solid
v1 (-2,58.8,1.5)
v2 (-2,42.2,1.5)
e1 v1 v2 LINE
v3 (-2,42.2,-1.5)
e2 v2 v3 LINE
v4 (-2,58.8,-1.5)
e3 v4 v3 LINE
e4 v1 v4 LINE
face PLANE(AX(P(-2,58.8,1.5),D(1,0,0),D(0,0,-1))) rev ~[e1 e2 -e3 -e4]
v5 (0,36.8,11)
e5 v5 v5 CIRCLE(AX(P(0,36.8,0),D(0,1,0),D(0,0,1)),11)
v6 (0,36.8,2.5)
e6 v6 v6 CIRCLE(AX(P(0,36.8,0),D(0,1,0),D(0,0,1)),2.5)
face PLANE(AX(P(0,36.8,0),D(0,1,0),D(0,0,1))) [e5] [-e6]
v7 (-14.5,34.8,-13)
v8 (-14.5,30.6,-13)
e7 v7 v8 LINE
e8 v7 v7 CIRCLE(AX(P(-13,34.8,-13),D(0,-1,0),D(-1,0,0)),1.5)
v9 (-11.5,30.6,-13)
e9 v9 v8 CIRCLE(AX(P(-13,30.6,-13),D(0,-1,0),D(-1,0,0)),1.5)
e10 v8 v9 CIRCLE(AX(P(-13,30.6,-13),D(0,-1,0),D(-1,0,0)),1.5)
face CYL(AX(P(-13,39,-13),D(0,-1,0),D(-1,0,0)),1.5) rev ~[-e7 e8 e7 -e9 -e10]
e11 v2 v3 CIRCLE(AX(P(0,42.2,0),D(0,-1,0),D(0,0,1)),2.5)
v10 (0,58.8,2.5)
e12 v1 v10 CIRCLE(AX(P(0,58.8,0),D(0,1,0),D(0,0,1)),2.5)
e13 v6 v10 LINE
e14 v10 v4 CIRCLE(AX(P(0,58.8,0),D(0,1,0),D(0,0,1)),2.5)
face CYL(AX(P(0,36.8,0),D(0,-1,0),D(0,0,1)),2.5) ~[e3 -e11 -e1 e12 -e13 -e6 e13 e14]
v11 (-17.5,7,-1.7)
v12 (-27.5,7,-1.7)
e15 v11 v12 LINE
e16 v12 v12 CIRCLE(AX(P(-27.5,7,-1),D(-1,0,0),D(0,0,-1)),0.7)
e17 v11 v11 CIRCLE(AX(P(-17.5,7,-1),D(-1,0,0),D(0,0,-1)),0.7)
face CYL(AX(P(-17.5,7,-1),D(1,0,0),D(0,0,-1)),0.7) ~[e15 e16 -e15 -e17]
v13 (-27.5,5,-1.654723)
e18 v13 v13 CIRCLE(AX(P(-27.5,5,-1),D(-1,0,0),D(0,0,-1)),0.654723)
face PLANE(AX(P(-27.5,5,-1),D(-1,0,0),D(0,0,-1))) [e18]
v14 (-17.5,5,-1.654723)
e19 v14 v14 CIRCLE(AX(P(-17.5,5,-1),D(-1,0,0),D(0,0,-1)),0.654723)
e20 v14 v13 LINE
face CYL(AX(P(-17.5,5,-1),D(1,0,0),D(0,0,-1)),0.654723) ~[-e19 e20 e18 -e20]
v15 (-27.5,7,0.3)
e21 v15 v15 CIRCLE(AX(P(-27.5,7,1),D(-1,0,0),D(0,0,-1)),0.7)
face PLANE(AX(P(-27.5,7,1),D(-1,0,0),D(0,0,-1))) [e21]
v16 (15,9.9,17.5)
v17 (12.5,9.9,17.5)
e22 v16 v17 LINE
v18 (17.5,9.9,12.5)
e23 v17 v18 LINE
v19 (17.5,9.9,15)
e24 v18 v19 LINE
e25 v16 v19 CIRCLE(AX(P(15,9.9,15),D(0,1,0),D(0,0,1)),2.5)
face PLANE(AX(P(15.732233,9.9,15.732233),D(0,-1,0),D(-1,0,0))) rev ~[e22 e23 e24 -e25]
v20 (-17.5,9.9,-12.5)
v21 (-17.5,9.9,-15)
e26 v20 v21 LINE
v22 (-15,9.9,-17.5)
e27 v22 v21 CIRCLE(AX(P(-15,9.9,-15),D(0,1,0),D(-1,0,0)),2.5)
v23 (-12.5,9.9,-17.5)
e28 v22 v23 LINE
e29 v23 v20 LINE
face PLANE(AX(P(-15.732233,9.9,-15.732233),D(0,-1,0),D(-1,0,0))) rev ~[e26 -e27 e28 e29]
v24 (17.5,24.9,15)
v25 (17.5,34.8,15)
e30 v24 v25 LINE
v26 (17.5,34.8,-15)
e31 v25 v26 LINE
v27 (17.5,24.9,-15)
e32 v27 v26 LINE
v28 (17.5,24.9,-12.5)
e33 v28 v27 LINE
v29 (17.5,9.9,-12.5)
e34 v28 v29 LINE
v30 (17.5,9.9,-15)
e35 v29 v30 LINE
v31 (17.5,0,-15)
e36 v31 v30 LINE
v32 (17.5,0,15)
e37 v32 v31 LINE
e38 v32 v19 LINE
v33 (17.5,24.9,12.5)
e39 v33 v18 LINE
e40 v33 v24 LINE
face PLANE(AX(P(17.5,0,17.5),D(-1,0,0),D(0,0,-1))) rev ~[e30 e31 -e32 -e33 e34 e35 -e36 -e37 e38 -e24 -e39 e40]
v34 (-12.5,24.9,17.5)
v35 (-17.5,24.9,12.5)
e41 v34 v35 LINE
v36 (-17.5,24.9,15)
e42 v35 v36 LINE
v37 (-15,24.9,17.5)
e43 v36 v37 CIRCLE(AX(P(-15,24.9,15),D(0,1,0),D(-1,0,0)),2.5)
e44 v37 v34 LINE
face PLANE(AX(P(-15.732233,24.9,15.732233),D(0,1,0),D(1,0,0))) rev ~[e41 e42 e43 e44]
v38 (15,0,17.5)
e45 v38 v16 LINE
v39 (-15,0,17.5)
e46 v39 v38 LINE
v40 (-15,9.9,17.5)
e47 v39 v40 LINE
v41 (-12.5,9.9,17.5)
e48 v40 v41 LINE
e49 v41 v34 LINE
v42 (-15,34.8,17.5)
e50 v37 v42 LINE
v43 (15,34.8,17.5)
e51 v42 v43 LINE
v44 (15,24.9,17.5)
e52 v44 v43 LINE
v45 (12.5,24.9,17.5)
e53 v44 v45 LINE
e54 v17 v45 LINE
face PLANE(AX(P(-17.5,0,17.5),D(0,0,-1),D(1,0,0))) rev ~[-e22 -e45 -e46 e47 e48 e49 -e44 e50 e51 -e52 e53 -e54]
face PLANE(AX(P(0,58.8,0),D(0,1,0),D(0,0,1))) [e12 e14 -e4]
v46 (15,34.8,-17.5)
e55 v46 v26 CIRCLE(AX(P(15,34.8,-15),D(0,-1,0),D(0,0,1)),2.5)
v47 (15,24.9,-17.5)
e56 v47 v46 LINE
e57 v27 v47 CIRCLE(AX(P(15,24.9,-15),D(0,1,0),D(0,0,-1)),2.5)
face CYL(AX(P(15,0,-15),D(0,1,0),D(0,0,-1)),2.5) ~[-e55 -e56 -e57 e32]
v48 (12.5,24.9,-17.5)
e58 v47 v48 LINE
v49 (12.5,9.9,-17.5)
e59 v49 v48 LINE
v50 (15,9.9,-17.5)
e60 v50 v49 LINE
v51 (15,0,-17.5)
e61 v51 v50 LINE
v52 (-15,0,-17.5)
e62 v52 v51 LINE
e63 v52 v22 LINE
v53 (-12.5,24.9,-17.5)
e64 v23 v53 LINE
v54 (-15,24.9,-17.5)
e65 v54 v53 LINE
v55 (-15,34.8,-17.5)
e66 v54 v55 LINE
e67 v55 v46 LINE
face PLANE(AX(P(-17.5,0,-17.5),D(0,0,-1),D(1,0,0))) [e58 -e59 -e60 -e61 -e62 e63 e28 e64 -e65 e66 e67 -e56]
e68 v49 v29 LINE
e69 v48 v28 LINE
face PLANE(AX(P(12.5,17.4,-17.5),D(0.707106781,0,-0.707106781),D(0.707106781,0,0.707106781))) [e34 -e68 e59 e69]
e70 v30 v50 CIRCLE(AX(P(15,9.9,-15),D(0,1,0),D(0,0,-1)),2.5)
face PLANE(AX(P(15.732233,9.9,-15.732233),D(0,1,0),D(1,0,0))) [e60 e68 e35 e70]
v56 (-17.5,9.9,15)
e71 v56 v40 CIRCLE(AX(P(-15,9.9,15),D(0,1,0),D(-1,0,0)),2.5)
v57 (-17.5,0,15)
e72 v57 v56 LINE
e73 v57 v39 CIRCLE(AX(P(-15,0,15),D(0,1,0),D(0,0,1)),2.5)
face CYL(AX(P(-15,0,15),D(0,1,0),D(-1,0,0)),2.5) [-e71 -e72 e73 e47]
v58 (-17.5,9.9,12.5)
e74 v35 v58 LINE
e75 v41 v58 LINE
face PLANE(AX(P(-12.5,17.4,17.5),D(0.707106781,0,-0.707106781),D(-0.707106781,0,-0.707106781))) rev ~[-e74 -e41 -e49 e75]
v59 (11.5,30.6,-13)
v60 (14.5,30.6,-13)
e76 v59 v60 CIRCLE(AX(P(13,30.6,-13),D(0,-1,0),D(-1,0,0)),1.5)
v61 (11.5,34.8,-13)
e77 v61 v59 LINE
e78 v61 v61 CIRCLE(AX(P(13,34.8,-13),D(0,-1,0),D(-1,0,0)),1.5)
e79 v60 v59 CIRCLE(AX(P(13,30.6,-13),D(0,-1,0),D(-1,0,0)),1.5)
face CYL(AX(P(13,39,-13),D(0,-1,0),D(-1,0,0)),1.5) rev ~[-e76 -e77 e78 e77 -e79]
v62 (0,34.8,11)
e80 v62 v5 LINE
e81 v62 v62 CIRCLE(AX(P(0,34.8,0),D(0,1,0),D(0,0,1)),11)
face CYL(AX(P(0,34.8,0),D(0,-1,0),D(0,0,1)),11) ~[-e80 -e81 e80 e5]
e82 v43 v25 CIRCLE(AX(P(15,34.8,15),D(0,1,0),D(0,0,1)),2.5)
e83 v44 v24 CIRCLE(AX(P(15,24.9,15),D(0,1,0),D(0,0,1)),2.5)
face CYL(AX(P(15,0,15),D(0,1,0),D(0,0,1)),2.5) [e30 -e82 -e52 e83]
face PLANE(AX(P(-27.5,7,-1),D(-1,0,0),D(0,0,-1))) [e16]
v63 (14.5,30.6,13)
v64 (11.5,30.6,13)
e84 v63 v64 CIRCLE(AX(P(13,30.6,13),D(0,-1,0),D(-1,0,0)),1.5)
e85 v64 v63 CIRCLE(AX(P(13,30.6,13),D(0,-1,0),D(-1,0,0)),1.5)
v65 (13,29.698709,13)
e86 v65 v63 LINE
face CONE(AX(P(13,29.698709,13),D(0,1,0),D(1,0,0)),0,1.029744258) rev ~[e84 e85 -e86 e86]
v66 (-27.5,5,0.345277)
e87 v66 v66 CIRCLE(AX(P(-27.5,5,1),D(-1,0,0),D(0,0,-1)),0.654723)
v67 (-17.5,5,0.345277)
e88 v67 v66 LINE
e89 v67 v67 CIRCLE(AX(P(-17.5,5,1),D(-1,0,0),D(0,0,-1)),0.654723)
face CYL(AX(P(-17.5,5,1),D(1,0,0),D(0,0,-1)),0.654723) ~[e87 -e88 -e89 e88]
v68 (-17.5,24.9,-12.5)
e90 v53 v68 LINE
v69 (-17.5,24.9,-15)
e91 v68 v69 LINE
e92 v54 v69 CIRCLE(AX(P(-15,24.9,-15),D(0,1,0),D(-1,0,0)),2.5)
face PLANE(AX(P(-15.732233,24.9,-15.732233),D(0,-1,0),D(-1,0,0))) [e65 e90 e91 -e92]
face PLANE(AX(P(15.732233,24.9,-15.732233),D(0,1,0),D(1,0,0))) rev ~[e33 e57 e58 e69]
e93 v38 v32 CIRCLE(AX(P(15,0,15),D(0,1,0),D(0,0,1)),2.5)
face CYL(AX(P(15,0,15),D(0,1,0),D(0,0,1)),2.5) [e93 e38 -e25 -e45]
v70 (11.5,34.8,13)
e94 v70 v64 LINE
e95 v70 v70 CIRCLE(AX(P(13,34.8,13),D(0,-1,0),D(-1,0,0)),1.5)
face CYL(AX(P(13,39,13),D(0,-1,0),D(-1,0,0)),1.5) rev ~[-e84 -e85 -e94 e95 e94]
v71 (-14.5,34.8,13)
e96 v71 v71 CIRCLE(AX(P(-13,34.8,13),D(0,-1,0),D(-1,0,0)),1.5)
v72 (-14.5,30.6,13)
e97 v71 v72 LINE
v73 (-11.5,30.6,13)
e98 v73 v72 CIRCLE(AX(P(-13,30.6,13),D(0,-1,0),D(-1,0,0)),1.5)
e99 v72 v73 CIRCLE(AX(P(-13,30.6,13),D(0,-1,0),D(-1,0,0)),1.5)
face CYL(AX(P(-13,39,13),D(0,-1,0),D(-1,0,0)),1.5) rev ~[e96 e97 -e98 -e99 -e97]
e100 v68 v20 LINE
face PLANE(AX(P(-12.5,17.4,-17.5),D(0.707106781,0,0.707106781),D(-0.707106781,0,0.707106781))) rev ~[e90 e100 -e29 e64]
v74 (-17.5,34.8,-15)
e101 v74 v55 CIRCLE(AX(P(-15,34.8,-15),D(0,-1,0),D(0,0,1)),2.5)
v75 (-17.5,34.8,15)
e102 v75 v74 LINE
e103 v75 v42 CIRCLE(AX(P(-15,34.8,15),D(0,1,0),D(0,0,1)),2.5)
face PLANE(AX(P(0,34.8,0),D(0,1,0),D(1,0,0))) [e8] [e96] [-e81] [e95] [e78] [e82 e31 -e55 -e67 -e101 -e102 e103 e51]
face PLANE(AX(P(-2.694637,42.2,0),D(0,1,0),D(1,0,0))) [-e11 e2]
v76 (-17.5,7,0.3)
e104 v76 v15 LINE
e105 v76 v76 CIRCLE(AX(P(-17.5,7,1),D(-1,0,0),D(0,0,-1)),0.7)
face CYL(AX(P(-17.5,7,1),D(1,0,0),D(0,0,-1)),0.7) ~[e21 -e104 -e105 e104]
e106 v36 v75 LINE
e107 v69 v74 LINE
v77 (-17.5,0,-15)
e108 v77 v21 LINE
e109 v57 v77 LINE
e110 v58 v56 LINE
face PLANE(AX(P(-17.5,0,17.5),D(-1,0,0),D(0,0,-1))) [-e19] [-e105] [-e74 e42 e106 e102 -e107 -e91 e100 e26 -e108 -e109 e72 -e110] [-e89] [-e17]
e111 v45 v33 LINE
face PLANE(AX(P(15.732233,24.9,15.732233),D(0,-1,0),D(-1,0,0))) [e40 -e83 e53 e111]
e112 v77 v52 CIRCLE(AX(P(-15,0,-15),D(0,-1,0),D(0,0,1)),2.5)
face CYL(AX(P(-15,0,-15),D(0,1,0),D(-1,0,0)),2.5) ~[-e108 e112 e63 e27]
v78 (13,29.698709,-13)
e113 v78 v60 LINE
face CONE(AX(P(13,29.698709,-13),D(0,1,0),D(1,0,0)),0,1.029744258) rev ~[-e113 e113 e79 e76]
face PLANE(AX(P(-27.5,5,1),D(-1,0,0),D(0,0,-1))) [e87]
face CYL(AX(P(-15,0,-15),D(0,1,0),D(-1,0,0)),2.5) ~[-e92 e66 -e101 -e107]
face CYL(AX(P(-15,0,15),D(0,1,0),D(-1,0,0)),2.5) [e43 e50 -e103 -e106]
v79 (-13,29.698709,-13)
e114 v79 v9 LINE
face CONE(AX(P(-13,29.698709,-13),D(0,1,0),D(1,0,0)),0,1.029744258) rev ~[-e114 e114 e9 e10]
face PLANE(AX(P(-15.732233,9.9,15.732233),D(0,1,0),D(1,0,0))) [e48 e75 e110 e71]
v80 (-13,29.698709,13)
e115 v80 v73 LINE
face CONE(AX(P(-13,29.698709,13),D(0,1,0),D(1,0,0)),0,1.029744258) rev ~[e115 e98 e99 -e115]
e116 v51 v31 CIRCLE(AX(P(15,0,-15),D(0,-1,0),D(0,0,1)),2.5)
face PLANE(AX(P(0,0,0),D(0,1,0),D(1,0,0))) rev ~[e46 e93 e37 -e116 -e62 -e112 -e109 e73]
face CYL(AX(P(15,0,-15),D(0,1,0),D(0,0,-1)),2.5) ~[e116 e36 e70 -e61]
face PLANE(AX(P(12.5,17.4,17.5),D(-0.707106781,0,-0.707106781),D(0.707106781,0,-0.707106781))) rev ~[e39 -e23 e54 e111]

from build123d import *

# Parameters (mm, degrees)
ESQUISSE1_W                       = 35
ESQUISSE1_H                       = 35
BOSS_EXTRU_1_DEPTH                = 34.8
ESQUISSE2_R                       = 11
BOSS_EXTRU_2_DEPTH                = 2
ESQUISSE3_R                       = 2.5
BOSS_EXTRU_3_DEPTH                = 22
ESQUISSE8_W                       = 1.389274908
ESQUISSE8_H                       = 3
ENL_V_MAT_EXTRU_2_DEPTH           = 16.6
DIAM_TRE_DU_PER_AGE_3_0_3_1_D     = 3
DIAM_TRE_DU_PER_AGE_3_0_3_1_DEPTH = 4.2
DIAM_TRE_DU_PER_AGE_3_0_3_1_TIP   = 0.901290929
CONG_1_R                          = 2.5
ENL_V_MAT_EXTRU_1_DEPTH           = 7.5
ESQUISSE5_R                       = 0.7
ESQUISSE5_R_2                     = 0.654723083
BOSS_EXTRU_4_DEPTH                = 10


with BuildPart() as part:
    # Esquisse1 → Boss.-Extru.1 (new body)
    with BuildSketch(Plane(origin=(0, 0, 0), x_dir=(1, 0, 0), z_dir=(0, 1, 0))):
        Rectangle(ESQUISSE1_W, ESQUISSE1_H)
    extrude(amount=BOSS_EXTRU_1_DEPTH)

    # Esquisse2 → Boss.-Extru.2 (add)
    with BuildSketch(Plane(origin=(0, 34.8, 0), x_dir=(1, 0, 0), z_dir=(0, 1, 0))):
        with Locations(Location((0, 0, 0), (0, 0, 270))):
            Circle(ESQUISSE2_R)
    extrude(amount=BOSS_EXTRU_2_DEPTH)

    # Esquisse3 → Boss.-Extru.3 (add)
    with BuildSketch(Plane(origin=(0, 36.8, 0), x_dir=(1, 0, 0), z_dir=(0, 1, 0))):
        with Locations(Location((0, 0, 0), (0, 0, 270))):
            Circle(ESQUISSE3_R)
    extrude(amount=BOSS_EXTRU_3_DEPTH)

    # Esquisse8 → Enlèv. mat.-Extru.2 (cut)
    with BuildSketch(Plane(origin=(0, 58.8, 0), x_dir=(1, 0, 0), z_dir=(0, 1, 0))):
        with Locations((-2.694637454, 0)):
            Rectangle(ESQUISSE8_W, ESQUISSE8_H)
    extrude(amount=-ENL_V_MAT_EXTRU_2_DEPTH, mode=Mode.SUBTRACT)

    # Diamètre du perçage Ø3.0 (3)1
    with Locations(Plane(origin=(0, 34.8, 0), x_dir=(1, 0, 0), z_dir=(0, 1, 0))):
        with Locations((-13, 13), (13, 13), (13, -13), (-13, -13)):
            Hole(DIAM_TRE_DU_PER_AGE_3_0_3_1_D / 2, depth=DIAM_TRE_DU_PER_AGE_3_0_3_1_DEPTH)
            with Locations((0, 0, -(DIAM_TRE_DU_PER_AGE_3_0_3_1_DEPTH + DIAM_TRE_DU_PER_AGE_3_0_3_1_TIP / 2))):  # 118° drill point
                Cone(0, DIAM_TRE_DU_PER_AGE_3_0_3_1_D / 2, DIAM_TRE_DU_PER_AGE_3_0_3_1_TIP, mode=Mode.SUBTRACT)

    # Congé1
    cong_1_edges = [part.edges().sort_by_distance(p)[0] for p in [
        (-17.5, 17.4, -17.5),
        (17.5, 17.4, -17.5),
        (17.5, 17.4, 17.5),
        (-17.5, 17.4, 17.5),
    ]]
    fillet(cong_1_edges, radius=CONG_1_R)

    # Esquisse4 → Enlèv. mat.-Extru.1 (cut, symmetric)
    with BuildSketch(Plane(origin=(0, 17.4, 0), x_dir=(1, 0, 0), z_dir=(0, 1, 0))):
        Polygon((-12.5, 17.5), (-17.5, 12.5), (-17.5, 17.5), align=None)
        Polygon((17.5, 17.5), (12.5, 17.5), (17.5, 12.5), align=None)
        Polygon((12.5, -17.5), (17.5, -12.5), (17.5, -17.5), align=None)
        Polygon((-17.5, -17.5), (-12.5, -17.5), (-17.5, -12.5), align=None)
    extrude(amount=ENL_V_MAT_EXTRU_1_DEPTH, both=True, mode=Mode.SUBTRACT)

    # Esquisse5 → Boss.-Extru.4 (add)
    with BuildSketch(Plane.ZY.offset(17.5)):
        with Locations(Location((-1, 7, 0), (0, 0, 180))):
            Circle(ESQUISSE5_R)
        with Locations(Location((-1, 5, 0), (0, 0, 180))):
            Circle(ESQUISSE5_R_2)
        with Locations(Location((1, 5, 0), (0, 0, 180))):
            Circle(ESQUISSE5_R_2)
        with Locations(Location((1, 7, 0), (0, 0, 180))):
            Circle(ESQUISSE5_R)
    extrude(amount=BOSS_EXTRU_4_DEPTH)


solid = part.part
